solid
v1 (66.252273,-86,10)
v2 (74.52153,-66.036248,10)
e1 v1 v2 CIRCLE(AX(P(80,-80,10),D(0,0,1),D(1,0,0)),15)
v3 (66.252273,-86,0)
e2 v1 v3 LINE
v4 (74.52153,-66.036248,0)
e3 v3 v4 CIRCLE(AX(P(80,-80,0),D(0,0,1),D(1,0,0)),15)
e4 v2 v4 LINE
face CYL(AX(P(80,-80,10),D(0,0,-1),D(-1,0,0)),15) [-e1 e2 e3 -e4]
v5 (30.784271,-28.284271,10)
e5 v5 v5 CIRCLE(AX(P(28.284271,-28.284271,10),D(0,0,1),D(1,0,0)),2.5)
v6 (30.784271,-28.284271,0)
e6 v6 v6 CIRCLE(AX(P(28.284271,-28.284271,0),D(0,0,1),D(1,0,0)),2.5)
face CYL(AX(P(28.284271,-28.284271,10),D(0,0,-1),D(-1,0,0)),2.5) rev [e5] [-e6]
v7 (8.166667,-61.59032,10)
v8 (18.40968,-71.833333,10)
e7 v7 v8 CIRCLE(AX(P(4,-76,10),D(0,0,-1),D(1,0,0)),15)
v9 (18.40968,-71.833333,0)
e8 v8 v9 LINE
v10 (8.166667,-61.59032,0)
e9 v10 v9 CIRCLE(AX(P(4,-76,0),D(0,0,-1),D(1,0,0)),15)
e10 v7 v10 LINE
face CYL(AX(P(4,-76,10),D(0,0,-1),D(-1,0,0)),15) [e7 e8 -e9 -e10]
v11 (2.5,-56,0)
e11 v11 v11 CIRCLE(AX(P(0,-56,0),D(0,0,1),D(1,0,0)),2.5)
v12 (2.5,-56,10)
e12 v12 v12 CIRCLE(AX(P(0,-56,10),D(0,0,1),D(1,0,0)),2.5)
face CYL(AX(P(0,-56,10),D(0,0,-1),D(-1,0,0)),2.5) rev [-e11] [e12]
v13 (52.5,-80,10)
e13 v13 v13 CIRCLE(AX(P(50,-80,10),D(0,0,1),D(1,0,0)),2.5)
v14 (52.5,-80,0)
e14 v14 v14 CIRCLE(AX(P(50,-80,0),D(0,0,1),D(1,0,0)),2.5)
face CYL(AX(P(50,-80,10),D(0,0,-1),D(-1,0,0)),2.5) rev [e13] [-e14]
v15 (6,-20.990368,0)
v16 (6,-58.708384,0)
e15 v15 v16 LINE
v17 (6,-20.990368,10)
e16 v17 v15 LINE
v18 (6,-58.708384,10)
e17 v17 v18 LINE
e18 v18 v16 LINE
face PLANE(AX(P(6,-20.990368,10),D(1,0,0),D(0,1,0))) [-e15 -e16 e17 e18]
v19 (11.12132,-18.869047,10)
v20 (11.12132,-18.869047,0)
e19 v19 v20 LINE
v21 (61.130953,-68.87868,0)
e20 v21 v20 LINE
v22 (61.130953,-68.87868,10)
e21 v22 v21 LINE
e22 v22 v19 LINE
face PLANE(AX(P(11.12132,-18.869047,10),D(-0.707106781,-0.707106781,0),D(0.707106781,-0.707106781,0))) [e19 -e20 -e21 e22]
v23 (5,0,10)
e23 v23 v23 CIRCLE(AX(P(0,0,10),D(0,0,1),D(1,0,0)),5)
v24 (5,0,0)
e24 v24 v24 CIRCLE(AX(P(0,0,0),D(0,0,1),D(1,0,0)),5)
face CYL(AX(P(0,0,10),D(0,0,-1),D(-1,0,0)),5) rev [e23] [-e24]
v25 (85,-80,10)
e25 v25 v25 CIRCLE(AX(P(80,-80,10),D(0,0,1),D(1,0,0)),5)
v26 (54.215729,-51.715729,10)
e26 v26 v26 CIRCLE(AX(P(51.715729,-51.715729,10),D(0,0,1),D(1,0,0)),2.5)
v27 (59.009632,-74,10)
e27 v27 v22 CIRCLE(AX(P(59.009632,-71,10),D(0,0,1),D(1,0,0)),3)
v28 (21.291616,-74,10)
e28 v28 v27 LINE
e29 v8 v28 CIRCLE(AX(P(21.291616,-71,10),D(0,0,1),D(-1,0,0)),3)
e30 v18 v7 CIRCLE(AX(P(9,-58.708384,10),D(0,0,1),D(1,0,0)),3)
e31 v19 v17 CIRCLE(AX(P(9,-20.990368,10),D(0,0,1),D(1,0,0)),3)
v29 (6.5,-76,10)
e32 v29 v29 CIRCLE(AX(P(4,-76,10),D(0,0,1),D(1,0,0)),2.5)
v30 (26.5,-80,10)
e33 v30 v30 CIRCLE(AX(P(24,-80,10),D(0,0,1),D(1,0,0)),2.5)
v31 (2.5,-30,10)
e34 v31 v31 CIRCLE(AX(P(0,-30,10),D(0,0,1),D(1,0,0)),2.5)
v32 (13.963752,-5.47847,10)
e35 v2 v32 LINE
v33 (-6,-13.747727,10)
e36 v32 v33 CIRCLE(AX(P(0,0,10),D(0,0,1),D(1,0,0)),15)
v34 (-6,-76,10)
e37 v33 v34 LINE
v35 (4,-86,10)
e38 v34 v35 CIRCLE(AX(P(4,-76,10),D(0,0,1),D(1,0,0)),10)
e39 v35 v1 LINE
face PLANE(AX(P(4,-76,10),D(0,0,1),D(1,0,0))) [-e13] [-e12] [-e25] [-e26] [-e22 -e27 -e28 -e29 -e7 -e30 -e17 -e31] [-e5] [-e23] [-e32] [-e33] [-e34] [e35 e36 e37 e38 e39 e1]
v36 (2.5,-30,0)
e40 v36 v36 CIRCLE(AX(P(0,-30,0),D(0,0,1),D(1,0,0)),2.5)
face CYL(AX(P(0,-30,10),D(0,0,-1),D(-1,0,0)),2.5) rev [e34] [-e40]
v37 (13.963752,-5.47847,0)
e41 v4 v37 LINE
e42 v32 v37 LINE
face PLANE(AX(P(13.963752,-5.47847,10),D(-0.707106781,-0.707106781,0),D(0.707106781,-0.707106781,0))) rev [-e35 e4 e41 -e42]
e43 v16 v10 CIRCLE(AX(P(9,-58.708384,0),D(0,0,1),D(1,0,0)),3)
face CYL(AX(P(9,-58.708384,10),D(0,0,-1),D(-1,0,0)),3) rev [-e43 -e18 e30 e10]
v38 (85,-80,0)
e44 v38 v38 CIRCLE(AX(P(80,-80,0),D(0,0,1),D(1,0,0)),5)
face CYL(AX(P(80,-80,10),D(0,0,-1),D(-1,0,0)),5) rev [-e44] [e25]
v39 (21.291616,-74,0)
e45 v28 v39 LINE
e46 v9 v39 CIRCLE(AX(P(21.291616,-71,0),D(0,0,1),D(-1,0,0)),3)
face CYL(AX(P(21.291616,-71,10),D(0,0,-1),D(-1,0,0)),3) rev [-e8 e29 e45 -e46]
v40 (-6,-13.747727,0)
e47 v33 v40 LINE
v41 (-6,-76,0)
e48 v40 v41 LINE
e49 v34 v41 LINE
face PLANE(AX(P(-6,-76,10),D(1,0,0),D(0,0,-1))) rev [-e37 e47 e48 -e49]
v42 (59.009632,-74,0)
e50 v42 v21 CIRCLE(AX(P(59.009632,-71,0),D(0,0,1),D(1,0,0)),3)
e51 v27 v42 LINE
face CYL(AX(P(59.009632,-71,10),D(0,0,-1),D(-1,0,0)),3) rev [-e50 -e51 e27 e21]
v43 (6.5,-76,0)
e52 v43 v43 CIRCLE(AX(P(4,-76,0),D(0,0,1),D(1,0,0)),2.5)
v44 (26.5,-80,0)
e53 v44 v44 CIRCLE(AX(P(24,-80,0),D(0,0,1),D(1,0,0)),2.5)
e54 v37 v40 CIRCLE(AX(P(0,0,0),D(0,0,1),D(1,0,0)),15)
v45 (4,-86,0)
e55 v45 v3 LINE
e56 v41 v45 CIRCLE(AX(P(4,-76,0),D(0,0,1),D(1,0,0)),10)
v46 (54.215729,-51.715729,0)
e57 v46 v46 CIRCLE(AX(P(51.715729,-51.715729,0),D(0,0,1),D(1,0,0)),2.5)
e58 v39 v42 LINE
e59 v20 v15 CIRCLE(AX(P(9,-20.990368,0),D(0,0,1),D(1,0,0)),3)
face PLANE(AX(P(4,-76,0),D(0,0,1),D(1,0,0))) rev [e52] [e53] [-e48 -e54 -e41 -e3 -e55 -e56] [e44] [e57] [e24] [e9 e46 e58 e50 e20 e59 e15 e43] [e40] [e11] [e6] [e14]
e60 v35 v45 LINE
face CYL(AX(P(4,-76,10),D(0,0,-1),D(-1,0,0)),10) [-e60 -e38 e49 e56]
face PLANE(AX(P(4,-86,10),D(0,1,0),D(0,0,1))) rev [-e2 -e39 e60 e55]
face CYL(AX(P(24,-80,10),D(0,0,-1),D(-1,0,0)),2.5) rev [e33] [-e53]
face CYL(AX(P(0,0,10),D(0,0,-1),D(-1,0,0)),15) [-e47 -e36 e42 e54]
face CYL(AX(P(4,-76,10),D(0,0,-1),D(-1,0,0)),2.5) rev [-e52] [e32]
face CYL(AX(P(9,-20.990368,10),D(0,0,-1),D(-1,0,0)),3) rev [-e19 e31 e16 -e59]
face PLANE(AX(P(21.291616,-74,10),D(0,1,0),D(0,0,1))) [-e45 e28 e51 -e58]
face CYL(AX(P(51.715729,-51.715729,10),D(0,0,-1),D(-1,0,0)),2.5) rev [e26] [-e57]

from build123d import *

# Parameters (mm, degrees)
ESBO_O1_R                = 5
ESBO_O1_R_2              = 2.5
RESSALTO_EXTRUS_O1_DEPTH = 10


with BuildPart() as part:
    # Esboço1 → Ressalto-extrusão1 (new body)
    with BuildSketch(Plane.XY):
        with BuildLine():
            Line((-6, -76), (-6, -13.747727085))
            ThreePointArc((-6, -13.747727085), (-5.740251485, 13.858192988), (13.963751735, -5.47847036))
            Line((13.963751735, -5.47847036), (74.52152964, -66.036248265))
            ThreePointArc((74.52152964, -66.036248265), (93.858192988, -85.740251485), (66.252272915, -86))
            Line((66.252272915, -86), (4, -86))
            ThreePointArc((4, -86), (-3.071067812, -83.071067812), (-6, -76))
        make_face()
        Circle(ESBO_O1_R, mode=Mode.SUBTRACT)
        with Locations((0, -30)):
            Circle(ESBO_O1_R_2, mode=Mode.SUBTRACT)
        with Locations((0, -56)):
            Circle(ESBO_O1_R_2, mode=Mode.SUBTRACT)
        with Locations((4, -76)):
            Circle(ESBO_O1_R_2, mode=Mode.SUBTRACT)
        with Locations((24, -80)):
            Circle(ESBO_O1_R_2, mode=Mode.SUBTRACT)
        with Locations((50, -80)):
            Circle(ESBO_O1_R_2, mode=Mode.SUBTRACT)
        with Locations((80, -80)):
            Circle(ESBO_O1_R, mode=Mode.SUBTRACT)
        with Locations((28.284271247, -28.284271247)):
            Circle(ESBO_O1_R_2, mode=Mode.SUBTRACT)
        with Locations((51.715728753, -51.715728753)):
            Circle(ESBO_O1_R_2, mode=Mode.SUBTRACT)
        with BuildLine():
            Line((21.291616466, -74), (59.009632228, -74))
            ThreePointArc((59.009632228, -74), (61.781270826, -72.148050297), (61.130952572, -68.878679656))
            Line((61.130952572, -68.878679656), (11.121320344, -18.869047428))
            ThreePointArc((11.121320344, -18.869047428), (7.851949703, -18.218729174), (6, -20.990367772))
            Line((6, -20.990367772), (6, -58.708383534))
            ThreePointArc((6, -58.708383534), (6.602084238, -60.511159172), (8.166666667, -61.590319612))
            ThreePointArc((8.166666667, -61.590319612), (14.606601718, -65.393398282), (18.409680388, -71.833333333))
            ThreePointArc((18.409680388, -71.833333333), (19.488840828, -73.397915762), (21.291616466, -74))
        make_face(mode=Mode.SUBTRACT)
    extrude(amount=RESSALTO_EXTRUS_O1_DEPTH)


solid = part.part
